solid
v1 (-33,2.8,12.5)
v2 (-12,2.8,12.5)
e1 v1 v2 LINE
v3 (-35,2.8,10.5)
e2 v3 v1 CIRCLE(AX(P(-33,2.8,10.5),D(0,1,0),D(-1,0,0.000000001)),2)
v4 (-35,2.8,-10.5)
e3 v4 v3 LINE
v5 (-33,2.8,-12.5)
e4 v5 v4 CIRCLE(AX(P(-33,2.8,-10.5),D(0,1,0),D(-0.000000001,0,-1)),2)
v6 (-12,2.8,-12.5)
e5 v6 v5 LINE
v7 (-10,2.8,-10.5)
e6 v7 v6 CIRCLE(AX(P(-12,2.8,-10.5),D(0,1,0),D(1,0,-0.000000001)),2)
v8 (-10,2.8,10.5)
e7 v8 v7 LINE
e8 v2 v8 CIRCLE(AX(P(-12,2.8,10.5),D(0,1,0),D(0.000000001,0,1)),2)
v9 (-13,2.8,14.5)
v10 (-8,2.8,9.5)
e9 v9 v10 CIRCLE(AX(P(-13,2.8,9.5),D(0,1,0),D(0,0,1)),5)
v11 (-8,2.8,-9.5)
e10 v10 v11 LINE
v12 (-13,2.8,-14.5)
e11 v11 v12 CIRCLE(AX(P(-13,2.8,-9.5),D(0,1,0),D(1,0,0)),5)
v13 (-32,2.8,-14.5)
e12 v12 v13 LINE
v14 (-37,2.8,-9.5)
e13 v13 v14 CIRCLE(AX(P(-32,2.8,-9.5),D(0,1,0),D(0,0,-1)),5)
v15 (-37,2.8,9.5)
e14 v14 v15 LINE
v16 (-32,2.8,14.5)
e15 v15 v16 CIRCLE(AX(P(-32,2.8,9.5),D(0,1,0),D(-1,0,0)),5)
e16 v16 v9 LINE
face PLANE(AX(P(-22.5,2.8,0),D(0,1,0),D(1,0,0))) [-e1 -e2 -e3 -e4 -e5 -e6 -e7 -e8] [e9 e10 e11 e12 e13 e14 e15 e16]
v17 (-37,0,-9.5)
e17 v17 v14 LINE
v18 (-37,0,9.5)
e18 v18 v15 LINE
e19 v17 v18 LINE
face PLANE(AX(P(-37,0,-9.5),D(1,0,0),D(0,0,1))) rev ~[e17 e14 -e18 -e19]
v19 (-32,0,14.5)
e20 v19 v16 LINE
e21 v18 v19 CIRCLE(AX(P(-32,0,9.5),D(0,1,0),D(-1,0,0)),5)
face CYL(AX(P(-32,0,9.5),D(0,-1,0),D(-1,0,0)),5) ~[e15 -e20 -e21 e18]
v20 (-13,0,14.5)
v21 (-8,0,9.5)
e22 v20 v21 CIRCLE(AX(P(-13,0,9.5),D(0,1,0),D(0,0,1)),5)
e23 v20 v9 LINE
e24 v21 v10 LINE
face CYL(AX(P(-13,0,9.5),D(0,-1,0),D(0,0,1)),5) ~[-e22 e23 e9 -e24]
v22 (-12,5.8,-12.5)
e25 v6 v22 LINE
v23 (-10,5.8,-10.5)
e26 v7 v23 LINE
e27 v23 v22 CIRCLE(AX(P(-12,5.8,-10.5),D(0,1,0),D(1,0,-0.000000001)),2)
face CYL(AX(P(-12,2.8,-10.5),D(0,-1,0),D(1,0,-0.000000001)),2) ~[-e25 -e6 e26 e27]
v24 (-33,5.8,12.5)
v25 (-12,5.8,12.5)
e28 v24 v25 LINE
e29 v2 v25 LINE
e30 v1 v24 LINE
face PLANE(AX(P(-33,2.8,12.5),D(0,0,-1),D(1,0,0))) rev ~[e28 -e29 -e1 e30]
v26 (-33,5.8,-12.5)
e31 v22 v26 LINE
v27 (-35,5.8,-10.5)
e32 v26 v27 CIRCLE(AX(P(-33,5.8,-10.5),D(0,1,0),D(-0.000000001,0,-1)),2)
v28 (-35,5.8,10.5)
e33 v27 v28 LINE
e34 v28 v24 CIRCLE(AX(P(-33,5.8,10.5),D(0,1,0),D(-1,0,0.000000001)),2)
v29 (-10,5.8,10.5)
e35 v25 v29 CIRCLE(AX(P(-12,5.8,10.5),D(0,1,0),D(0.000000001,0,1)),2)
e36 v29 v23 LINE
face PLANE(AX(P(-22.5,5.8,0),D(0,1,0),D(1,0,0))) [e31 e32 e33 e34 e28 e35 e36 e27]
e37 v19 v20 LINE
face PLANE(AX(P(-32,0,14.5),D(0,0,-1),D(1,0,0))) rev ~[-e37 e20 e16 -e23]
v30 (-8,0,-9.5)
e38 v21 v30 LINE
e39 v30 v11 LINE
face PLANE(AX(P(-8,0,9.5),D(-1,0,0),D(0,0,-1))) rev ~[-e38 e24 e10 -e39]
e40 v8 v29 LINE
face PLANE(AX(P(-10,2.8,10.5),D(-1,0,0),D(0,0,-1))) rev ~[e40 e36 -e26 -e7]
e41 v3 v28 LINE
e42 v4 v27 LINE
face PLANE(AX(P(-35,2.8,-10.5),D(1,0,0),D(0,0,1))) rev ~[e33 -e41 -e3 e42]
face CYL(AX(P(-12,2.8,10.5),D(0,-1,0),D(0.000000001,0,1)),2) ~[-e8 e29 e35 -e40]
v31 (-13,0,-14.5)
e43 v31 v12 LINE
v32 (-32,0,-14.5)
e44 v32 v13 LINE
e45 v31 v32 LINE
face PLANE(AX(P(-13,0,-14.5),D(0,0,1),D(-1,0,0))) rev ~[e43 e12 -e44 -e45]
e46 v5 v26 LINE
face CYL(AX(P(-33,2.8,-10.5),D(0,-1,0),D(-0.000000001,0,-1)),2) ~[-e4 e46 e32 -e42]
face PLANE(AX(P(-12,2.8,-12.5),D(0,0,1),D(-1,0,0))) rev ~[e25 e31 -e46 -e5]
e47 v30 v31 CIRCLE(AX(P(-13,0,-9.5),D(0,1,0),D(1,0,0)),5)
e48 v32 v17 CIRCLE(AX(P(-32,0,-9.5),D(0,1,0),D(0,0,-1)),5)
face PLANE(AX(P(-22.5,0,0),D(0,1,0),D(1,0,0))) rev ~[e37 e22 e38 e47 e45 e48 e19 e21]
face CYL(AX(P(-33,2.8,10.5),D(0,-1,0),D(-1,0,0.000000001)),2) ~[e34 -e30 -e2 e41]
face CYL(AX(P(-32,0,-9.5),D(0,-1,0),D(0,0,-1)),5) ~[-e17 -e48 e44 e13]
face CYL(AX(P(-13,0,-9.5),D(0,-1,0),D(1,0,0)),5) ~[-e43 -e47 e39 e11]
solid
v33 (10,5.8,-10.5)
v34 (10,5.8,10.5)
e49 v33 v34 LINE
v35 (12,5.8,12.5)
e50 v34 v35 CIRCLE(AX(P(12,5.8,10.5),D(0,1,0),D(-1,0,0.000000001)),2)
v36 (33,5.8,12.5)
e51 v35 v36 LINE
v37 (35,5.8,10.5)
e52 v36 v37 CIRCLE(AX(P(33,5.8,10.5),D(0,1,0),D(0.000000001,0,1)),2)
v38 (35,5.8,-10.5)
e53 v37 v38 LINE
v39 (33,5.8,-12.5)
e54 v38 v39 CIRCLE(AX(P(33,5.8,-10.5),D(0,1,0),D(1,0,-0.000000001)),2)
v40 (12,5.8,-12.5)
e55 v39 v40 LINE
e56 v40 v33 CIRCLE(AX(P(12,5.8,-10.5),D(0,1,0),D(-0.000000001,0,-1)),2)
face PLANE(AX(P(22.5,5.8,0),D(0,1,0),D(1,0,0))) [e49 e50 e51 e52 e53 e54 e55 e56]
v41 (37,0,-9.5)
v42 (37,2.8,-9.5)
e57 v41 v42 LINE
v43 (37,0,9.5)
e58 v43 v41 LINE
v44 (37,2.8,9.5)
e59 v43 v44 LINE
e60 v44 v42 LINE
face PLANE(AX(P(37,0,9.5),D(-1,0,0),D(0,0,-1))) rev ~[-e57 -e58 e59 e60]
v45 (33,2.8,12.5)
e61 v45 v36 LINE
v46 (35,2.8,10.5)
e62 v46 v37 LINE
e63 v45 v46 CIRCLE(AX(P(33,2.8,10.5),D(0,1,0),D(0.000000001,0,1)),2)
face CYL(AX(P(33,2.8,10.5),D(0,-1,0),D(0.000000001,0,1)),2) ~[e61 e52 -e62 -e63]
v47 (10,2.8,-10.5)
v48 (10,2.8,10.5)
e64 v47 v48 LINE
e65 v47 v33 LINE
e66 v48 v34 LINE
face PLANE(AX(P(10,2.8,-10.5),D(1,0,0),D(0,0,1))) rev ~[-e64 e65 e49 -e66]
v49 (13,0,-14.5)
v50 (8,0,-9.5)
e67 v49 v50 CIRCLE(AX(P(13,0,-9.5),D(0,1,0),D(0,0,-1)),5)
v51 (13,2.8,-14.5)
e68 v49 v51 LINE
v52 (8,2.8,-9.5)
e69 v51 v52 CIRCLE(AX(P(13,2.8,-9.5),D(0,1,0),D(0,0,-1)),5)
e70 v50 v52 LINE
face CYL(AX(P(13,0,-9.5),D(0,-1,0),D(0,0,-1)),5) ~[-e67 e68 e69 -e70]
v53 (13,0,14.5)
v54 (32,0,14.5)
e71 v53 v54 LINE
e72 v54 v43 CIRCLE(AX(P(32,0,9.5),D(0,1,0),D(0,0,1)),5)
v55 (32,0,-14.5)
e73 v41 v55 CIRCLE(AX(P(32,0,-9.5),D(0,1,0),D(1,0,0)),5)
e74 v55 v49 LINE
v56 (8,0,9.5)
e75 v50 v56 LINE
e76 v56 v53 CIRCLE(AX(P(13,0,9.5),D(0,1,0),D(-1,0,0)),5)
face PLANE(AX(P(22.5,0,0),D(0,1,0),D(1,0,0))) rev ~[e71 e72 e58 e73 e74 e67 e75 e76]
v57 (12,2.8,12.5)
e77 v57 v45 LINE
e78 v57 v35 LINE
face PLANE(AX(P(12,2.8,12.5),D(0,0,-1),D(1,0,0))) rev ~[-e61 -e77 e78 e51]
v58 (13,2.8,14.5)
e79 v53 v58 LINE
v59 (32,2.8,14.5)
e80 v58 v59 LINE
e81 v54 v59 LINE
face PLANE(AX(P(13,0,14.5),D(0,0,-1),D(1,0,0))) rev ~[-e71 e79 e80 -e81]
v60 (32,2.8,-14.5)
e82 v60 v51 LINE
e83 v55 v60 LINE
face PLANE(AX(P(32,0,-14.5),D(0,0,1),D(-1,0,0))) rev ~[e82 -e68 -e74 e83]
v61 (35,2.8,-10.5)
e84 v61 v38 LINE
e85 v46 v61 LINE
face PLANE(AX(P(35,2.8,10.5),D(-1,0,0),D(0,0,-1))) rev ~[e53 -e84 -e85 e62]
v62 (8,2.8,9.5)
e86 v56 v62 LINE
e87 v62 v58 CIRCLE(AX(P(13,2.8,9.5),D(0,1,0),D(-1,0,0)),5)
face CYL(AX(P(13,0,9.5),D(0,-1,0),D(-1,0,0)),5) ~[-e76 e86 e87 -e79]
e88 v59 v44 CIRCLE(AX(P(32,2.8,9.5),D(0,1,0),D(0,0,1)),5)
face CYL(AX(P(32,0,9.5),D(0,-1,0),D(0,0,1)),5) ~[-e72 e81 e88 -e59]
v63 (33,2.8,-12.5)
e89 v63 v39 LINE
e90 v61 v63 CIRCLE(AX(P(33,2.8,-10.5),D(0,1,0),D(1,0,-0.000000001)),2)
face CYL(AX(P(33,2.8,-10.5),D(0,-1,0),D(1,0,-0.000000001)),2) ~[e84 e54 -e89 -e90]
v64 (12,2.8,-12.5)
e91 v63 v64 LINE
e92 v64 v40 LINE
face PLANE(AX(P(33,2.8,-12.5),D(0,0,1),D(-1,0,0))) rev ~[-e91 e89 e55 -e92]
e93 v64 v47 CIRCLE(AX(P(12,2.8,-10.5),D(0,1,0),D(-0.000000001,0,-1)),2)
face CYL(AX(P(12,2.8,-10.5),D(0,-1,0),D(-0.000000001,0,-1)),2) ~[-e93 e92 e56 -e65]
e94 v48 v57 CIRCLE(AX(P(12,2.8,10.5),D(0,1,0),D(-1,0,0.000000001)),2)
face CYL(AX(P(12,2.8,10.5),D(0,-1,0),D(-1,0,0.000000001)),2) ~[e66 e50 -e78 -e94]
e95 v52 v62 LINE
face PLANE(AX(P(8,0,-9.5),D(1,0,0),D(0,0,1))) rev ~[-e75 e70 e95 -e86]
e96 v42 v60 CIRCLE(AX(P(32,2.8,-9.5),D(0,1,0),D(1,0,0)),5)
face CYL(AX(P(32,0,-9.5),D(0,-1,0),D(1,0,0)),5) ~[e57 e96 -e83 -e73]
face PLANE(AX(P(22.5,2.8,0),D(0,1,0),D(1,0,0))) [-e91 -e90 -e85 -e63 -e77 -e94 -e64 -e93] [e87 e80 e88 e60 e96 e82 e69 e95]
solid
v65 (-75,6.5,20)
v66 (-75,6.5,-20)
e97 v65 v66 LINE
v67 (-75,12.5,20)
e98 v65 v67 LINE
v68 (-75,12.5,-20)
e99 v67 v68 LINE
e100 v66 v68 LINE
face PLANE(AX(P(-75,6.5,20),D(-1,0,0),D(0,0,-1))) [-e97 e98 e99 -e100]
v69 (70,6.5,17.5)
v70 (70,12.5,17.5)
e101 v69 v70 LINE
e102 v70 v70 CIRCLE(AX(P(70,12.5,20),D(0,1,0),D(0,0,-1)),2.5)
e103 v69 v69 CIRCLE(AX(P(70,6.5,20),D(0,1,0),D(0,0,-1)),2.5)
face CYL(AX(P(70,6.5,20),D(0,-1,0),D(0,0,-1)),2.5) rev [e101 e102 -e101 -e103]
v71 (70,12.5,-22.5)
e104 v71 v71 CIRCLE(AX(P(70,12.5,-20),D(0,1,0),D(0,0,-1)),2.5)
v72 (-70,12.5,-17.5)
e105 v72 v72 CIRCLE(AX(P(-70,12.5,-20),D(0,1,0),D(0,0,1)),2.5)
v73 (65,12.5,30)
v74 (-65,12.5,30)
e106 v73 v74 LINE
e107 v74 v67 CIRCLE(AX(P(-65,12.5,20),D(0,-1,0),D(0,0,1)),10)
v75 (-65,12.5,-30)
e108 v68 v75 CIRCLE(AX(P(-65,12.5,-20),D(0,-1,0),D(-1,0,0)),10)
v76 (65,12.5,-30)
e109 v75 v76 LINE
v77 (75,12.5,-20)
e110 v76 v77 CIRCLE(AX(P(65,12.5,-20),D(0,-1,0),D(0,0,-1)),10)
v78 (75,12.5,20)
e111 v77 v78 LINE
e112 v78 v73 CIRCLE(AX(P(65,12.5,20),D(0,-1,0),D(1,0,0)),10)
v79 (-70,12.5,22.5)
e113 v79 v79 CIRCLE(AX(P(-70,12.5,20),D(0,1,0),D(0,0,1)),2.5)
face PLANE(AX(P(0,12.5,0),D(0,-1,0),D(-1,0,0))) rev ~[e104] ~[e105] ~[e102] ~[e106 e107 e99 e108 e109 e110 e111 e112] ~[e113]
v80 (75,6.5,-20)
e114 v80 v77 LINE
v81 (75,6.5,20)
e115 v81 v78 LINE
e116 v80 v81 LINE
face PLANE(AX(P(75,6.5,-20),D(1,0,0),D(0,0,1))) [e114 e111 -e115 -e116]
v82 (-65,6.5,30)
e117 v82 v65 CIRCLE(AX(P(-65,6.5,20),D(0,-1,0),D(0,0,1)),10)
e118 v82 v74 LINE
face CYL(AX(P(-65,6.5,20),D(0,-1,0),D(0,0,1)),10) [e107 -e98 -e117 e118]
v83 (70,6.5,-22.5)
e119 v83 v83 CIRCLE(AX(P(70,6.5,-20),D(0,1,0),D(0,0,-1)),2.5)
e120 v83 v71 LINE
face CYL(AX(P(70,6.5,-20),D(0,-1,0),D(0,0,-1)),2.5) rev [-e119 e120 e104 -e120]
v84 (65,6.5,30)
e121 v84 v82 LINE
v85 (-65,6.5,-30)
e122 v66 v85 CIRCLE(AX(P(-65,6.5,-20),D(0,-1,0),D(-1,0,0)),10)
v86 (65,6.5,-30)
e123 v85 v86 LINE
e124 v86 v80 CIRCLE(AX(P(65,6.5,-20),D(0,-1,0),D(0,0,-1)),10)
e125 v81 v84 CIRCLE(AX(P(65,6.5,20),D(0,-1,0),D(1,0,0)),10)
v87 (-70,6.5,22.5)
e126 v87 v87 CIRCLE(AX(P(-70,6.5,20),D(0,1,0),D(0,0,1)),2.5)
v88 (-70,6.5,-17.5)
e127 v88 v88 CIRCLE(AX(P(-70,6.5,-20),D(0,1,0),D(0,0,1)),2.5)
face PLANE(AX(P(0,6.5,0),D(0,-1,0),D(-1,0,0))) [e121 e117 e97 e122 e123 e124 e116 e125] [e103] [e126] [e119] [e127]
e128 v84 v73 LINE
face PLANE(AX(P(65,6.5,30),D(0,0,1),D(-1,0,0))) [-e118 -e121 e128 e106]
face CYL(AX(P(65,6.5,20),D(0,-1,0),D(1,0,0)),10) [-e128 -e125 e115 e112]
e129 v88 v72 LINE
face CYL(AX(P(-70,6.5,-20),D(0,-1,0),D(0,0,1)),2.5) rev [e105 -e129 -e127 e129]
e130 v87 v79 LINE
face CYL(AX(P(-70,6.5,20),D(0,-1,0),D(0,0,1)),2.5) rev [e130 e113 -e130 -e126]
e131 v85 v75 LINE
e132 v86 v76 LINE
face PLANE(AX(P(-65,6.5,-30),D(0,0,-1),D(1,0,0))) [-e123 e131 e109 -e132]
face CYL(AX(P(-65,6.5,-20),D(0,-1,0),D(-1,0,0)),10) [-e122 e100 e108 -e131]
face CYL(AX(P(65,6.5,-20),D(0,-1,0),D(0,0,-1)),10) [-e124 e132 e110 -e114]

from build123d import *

# Parameters (mm, degrees)
SALIENTE_EXTRUIR1_DEPTH   = 2.8
SALIENTE_EXTRUIR1_2_DEPTH = 2.8
SALIENTE_EXTRUIR2_DEPTH   = 3
CROQUIS3_R                = 2.5
SALIENTE_EXTRUIR3_DEPTH   = 6


with BuildPart() as part:
    # Croquis1 → Saliente-Extruir1 (new body)
    with BuildSketch(Plane(origin=(0, 0, 0), x_dir=(1, 0, 0), z_dir=(0, 1, 0))):
        with BuildLine():
            Line((-32, -14.5), (-13, -14.5))
            ThreePointArc((-13, -14.5), (-9.464466094, -13.035533906), (-8, -9.5))
            Line((-8, -9.5), (-8, 9.5))
            ThreePointArc((-8, 9.5), (-9.464466094, 13.035533906), (-13, 14.5))
            Line((-13, 14.5), (-32, 14.5))
            ThreePointArc((-32, 14.5), (-35.535533906, 13.035533906), (-37, 9.5))
            Line((-37, 9.5), (-37, -9.5))
            ThreePointArc((-37, -9.5), (-35.535533906, -13.035533906), (-32, -14.5))
        make_face()
    extrude(amount=SALIENTE_EXTRUIR1_DEPTH)



with BuildPart() as body_2:
    # Croquis1 → Saliente-Extruir1 2 (new body)
    with BuildSketch(Plane(origin=(0, 0, 0), x_dir=(1, 0, 0), z_dir=(0, 1, 0))):
        with BuildLine():
            Line((13, -14.5), (32, -14.5))
            ThreePointArc((32, -14.5), (35.535533906, -13.035533906), (37, -9.5))
            Line((37, -9.5), (37, 9.5))
            ThreePointArc((37, 9.5), (35.535533906, 13.035533906), (32, 14.5))
            Line((32, 14.5), (13, 14.5))
            ThreePointArc((13, 14.5), (9.464466094, 13.035533906), (8, 9.5))
            Line((8, 9.5), (8, -9.5))
            ThreePointArc((8, -9.5), (9.464466094, -13.035533906), (13, -14.5))
        make_face()
    extrude(amount=SALIENTE_EXTRUIR1_2_DEPTH)


with BuildPart() as part_1:
    add(part.part)

    add(body_2.part)  # Saliente-Extruir2 merges body 2
    # Croquis2 → Saliente-Extruir2 (add)
    with BuildSketch(Plane(origin=(0, 2.8, 0), x_dir=(1, 0, 0), z_dir=(0, 1, 0))):
        with BuildLine():
            Line((-33, -12.5), (-12, -12.5))
            ThreePointArc((-12, -12.5), (-10.585786438, -11.914213562), (-10, -10.5))
            Line((-10, -10.5), (-10, 10.5))
            ThreePointArc((-10, 10.5), (-10.585786438, 11.914213562), (-12, 12.5))
            Line((-12, 12.5), (-33, 12.5))
            ThreePointArc((-33, 12.5), (-34.414213562, 11.914213562), (-35, 10.5))
            Line((-35, 10.5), (-35, -10.5))
            ThreePointArc((-35, -10.5), (-34.414213562, -11.914213562), (-33, -12.5))
        make_face()
        with BuildLine():
            Line((12, -12.5), (33, -12.5))
            ThreePointArc((33, -12.5), (34.414213562, -11.914213562), (35, -10.5))
            Line((35, -10.5), (35, 10.5))
            ThreePointArc((35, 10.5), (34.414213562, 11.914213562), (33, 12.5))
            Line((33, 12.5), (12, 12.5))
            ThreePointArc((12, 12.5), (10.585786438, 11.914213562), (10, 10.5))
            Line((10, 10.5), (10, -10.5))
            ThreePointArc((10, -10.5), (10.585786438, -11.914213562), (12, -12.5))
        make_face()
    extrude(amount=SALIENTE_EXTRUIR2_DEPTH)


with BuildPart() as body_2_2:
    # Croquis3 → Saliente-Extruir3 (new body)
    with BuildSketch(Plane(origin=(0, 6.5, 0), x_dir=(1, 0, 0), z_dir=(0, 1, 0))):
        with BuildLine():
            Line((65, -30), (-65, -30))
            ThreePointArc((-65, -30), (-72.071067812, -27.071067812), (-75, -20))
            Line((-75, -20), (-75, 20))
            ThreePointArc((-75, 20), (-72.071067812, 27.071067812), (-65, 30))
            Line((-65, 30), (65, 30))
            ThreePointArc((65, 30), (72.071067812, 27.071067812), (75, 20))
            Line((75, 20), (75, -20))
            ThreePointArc((75, -20), (72.071067812, -27.071067812), (65, -30))
        make_face()
        with Locations(Location((-70, 20, 0), (0, 0, 270))):
            Circle(CROQUIS3_R, mode=Mode.SUBTRACT)
        with Locations(Location((-70, -20, 0), (0, 0, 270))):
            Circle(CROQUIS3_R, mode=Mode.SUBTRACT)
        with Locations(Location((70, -20, 0), (0, 0, 90))):
            Circle(CROQUIS3_R, mode=Mode.SUBTRACT)
        with Locations(Location((70, 20, 0), (0, 0, 90))):
            Circle(CROQUIS3_R, mode=Mode.SUBTRACT)
    extrude(amount=SALIENTE_EXTRUIR3_DEPTH)


solid = Compound([part_1.part, body_2_2.part])
